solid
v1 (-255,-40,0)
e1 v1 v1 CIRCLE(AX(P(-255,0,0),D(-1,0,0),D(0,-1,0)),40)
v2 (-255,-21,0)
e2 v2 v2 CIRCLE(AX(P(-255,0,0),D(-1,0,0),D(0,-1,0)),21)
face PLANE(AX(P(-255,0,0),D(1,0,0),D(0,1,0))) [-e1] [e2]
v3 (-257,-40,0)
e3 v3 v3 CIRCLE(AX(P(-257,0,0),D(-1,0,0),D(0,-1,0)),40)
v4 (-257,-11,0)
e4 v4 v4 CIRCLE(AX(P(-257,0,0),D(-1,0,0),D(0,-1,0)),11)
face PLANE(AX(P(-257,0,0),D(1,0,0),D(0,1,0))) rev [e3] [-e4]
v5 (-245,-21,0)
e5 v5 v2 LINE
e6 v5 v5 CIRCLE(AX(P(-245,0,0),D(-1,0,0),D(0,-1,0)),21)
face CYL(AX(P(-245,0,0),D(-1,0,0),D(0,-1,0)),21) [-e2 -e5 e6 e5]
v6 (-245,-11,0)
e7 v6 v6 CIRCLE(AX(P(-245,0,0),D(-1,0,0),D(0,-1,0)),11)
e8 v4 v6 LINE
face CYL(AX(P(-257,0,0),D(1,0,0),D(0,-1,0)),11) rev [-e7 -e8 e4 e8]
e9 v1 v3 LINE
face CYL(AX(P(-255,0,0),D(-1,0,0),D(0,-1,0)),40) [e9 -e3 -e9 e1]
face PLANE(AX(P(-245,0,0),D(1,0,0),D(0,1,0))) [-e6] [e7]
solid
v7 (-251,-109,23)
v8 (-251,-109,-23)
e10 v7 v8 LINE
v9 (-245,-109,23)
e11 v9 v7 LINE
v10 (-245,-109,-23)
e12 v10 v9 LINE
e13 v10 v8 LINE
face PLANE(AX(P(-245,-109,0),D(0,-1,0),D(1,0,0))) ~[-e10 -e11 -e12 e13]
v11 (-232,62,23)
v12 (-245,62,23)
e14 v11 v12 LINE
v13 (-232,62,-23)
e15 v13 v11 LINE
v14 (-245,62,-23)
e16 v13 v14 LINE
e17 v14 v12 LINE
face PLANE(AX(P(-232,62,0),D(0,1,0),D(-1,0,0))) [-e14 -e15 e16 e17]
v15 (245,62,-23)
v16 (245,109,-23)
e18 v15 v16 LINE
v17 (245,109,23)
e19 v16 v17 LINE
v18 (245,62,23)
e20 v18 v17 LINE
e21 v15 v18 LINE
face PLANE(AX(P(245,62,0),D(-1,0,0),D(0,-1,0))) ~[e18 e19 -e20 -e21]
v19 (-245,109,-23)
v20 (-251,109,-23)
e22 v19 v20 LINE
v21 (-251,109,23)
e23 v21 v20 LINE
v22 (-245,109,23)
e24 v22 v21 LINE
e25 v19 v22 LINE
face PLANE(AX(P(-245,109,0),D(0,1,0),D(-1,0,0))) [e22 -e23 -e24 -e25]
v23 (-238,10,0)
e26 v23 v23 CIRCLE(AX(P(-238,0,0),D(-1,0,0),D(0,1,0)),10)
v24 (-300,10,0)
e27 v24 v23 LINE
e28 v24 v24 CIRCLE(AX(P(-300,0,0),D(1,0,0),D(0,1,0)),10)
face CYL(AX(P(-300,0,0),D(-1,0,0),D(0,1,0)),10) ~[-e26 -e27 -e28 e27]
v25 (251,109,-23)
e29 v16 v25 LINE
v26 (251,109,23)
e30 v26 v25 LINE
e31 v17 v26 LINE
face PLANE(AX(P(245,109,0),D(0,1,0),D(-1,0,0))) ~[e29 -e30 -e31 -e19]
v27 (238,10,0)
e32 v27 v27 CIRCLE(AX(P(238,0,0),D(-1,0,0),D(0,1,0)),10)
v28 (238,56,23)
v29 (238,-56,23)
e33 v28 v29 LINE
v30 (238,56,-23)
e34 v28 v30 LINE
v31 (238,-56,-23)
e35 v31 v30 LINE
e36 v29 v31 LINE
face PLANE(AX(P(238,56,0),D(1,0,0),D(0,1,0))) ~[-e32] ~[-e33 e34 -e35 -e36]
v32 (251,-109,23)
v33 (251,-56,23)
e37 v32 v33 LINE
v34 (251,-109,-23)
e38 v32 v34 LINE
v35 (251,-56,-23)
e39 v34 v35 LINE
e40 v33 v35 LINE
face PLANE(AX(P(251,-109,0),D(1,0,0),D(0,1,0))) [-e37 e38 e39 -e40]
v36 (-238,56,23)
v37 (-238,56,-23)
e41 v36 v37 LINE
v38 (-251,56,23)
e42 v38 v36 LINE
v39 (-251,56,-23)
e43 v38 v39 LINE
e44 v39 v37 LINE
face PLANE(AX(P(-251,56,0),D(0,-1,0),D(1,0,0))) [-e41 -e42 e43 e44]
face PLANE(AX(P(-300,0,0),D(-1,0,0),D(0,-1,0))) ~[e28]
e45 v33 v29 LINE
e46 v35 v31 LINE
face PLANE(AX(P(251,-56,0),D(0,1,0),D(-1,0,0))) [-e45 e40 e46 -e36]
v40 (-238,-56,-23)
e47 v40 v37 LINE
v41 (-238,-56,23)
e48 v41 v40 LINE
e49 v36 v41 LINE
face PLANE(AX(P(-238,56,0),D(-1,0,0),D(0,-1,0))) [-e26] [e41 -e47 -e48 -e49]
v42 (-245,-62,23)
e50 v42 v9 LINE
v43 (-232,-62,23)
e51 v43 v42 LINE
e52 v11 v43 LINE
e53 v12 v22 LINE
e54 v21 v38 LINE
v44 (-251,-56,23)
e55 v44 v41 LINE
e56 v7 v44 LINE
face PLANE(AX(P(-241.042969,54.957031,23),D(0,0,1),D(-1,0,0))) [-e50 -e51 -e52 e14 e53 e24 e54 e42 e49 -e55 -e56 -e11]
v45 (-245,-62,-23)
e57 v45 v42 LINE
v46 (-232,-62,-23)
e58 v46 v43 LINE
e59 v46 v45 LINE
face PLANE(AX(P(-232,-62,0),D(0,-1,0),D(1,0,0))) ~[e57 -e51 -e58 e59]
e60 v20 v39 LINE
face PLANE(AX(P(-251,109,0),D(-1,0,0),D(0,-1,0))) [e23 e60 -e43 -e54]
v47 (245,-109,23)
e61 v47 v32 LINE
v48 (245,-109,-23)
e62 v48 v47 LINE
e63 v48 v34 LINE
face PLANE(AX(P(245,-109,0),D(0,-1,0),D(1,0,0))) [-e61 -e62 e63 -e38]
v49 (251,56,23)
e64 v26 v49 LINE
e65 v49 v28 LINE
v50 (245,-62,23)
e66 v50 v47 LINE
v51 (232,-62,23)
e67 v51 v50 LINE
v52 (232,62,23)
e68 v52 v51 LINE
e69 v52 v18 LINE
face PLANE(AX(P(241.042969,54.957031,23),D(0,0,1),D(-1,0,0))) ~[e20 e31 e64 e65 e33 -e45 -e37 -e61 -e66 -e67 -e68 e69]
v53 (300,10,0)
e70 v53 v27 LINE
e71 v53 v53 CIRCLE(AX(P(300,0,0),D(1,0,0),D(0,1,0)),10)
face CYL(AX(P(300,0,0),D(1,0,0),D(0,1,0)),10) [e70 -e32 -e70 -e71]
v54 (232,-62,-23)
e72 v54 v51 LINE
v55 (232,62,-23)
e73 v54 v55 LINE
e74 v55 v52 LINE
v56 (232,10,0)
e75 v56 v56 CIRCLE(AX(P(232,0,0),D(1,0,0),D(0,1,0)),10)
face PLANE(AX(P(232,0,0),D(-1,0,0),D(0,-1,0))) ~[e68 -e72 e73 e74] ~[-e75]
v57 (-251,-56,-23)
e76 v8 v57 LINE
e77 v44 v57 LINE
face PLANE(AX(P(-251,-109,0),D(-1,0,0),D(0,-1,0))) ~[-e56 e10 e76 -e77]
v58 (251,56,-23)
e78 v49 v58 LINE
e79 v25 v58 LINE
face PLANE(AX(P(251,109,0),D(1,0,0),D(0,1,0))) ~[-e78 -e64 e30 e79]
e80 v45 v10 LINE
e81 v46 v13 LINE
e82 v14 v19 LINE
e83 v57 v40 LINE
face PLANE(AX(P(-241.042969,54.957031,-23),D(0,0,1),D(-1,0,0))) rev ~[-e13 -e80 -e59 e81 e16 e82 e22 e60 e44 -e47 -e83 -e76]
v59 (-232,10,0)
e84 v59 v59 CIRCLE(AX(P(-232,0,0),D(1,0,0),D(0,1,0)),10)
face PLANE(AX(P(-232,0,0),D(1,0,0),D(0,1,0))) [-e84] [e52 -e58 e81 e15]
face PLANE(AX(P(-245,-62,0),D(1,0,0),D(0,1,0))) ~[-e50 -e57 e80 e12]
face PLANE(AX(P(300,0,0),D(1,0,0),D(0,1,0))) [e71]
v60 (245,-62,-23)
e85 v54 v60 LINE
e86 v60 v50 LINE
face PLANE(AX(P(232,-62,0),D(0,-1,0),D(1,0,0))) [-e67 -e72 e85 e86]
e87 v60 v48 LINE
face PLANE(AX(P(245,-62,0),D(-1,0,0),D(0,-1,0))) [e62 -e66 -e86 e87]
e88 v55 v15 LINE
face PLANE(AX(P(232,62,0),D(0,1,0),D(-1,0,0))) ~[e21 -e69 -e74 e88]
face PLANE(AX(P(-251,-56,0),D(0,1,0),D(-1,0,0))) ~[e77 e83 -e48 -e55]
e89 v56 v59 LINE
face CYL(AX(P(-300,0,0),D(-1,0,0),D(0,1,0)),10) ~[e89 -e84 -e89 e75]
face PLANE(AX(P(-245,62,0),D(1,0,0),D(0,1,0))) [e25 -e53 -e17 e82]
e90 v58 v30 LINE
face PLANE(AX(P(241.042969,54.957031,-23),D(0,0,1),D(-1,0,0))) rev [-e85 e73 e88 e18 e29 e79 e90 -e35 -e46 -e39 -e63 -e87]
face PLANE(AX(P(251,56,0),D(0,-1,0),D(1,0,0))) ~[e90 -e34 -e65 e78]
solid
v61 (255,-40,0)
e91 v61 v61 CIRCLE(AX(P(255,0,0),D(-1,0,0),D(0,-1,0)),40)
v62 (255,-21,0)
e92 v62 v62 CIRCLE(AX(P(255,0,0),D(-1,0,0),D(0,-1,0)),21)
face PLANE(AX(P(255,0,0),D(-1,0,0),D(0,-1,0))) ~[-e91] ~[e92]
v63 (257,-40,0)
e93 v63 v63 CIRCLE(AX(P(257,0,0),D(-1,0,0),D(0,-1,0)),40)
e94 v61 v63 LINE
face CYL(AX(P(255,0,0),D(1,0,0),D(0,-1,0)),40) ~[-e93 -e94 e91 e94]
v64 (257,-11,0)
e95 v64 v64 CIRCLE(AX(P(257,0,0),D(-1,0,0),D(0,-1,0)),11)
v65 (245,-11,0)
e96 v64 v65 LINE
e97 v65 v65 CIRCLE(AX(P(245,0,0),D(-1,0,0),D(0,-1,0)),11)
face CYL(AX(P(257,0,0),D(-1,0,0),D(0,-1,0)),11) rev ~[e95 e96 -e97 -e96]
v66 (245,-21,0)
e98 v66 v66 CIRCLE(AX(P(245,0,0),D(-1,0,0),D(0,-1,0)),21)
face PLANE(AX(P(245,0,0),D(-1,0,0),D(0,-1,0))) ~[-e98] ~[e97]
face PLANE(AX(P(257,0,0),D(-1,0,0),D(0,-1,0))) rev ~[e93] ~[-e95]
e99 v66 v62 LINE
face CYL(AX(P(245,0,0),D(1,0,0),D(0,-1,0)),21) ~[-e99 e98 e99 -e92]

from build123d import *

# Parameters (mm, degrees)
F2_R          = 10
F3_DEPTH      = 300
F6_DEPTH      = 23
F6_DEPTH_BACK = 23


with BuildPart() as f3:
    # F2 (on offset) → F3 (new body)
    with BuildSketch(Plane.YZ.offset(300)):
        Circle(F2_R)
    extrude(amount=-F3_DEPTH)



with BuildPart() as f5:
    # F4 (on Top) → F5 (revolve)
    with BuildSketch(Plane.XY):
        Polygon((257, -40), (257, -11), (245, -11), (245, -21), (255, -21), (255, -40), align=None)
    revolve(axis=Axis((231.2679007649, 0, 0), (-1, 0, 0)))


with BuildPart() as f6:
    # F4 (on Top) → F6 (new body, two sides)
    with BuildSketch(Plane.XY) as f6_sk:
        Polygon((238, -56), (238, -10), (238, 0), (232, 0), (232, -10), (232, -62), (238, -62), (245, -62), (245, -109), (251, -109), (251, -56), align=None)
    extrude(amount=F6_DEPTH)
    extrude(f6_sk.sketch, amount=-F6_DEPTH_BACK)


with BuildPart() as f3_1:
    add(f3.part)

    add(f6.part)  # F7 merges F6
    # F7: F6 across face
    add(f6.part.mirror(Plane(origin=(235, 0, 0), x_dir=(-1, 0, 0), z_dir=(0, 1, 0))))

    # F8: F3, F5 across plane


with BuildPart() as f3_2:
    add(f3_1.part)
    add(f3_1.part.mirror(Plane.YZ))
    add(f5.part.mirror(Plane.YZ))


solid = Compound([f5.part, f3_2.part])
